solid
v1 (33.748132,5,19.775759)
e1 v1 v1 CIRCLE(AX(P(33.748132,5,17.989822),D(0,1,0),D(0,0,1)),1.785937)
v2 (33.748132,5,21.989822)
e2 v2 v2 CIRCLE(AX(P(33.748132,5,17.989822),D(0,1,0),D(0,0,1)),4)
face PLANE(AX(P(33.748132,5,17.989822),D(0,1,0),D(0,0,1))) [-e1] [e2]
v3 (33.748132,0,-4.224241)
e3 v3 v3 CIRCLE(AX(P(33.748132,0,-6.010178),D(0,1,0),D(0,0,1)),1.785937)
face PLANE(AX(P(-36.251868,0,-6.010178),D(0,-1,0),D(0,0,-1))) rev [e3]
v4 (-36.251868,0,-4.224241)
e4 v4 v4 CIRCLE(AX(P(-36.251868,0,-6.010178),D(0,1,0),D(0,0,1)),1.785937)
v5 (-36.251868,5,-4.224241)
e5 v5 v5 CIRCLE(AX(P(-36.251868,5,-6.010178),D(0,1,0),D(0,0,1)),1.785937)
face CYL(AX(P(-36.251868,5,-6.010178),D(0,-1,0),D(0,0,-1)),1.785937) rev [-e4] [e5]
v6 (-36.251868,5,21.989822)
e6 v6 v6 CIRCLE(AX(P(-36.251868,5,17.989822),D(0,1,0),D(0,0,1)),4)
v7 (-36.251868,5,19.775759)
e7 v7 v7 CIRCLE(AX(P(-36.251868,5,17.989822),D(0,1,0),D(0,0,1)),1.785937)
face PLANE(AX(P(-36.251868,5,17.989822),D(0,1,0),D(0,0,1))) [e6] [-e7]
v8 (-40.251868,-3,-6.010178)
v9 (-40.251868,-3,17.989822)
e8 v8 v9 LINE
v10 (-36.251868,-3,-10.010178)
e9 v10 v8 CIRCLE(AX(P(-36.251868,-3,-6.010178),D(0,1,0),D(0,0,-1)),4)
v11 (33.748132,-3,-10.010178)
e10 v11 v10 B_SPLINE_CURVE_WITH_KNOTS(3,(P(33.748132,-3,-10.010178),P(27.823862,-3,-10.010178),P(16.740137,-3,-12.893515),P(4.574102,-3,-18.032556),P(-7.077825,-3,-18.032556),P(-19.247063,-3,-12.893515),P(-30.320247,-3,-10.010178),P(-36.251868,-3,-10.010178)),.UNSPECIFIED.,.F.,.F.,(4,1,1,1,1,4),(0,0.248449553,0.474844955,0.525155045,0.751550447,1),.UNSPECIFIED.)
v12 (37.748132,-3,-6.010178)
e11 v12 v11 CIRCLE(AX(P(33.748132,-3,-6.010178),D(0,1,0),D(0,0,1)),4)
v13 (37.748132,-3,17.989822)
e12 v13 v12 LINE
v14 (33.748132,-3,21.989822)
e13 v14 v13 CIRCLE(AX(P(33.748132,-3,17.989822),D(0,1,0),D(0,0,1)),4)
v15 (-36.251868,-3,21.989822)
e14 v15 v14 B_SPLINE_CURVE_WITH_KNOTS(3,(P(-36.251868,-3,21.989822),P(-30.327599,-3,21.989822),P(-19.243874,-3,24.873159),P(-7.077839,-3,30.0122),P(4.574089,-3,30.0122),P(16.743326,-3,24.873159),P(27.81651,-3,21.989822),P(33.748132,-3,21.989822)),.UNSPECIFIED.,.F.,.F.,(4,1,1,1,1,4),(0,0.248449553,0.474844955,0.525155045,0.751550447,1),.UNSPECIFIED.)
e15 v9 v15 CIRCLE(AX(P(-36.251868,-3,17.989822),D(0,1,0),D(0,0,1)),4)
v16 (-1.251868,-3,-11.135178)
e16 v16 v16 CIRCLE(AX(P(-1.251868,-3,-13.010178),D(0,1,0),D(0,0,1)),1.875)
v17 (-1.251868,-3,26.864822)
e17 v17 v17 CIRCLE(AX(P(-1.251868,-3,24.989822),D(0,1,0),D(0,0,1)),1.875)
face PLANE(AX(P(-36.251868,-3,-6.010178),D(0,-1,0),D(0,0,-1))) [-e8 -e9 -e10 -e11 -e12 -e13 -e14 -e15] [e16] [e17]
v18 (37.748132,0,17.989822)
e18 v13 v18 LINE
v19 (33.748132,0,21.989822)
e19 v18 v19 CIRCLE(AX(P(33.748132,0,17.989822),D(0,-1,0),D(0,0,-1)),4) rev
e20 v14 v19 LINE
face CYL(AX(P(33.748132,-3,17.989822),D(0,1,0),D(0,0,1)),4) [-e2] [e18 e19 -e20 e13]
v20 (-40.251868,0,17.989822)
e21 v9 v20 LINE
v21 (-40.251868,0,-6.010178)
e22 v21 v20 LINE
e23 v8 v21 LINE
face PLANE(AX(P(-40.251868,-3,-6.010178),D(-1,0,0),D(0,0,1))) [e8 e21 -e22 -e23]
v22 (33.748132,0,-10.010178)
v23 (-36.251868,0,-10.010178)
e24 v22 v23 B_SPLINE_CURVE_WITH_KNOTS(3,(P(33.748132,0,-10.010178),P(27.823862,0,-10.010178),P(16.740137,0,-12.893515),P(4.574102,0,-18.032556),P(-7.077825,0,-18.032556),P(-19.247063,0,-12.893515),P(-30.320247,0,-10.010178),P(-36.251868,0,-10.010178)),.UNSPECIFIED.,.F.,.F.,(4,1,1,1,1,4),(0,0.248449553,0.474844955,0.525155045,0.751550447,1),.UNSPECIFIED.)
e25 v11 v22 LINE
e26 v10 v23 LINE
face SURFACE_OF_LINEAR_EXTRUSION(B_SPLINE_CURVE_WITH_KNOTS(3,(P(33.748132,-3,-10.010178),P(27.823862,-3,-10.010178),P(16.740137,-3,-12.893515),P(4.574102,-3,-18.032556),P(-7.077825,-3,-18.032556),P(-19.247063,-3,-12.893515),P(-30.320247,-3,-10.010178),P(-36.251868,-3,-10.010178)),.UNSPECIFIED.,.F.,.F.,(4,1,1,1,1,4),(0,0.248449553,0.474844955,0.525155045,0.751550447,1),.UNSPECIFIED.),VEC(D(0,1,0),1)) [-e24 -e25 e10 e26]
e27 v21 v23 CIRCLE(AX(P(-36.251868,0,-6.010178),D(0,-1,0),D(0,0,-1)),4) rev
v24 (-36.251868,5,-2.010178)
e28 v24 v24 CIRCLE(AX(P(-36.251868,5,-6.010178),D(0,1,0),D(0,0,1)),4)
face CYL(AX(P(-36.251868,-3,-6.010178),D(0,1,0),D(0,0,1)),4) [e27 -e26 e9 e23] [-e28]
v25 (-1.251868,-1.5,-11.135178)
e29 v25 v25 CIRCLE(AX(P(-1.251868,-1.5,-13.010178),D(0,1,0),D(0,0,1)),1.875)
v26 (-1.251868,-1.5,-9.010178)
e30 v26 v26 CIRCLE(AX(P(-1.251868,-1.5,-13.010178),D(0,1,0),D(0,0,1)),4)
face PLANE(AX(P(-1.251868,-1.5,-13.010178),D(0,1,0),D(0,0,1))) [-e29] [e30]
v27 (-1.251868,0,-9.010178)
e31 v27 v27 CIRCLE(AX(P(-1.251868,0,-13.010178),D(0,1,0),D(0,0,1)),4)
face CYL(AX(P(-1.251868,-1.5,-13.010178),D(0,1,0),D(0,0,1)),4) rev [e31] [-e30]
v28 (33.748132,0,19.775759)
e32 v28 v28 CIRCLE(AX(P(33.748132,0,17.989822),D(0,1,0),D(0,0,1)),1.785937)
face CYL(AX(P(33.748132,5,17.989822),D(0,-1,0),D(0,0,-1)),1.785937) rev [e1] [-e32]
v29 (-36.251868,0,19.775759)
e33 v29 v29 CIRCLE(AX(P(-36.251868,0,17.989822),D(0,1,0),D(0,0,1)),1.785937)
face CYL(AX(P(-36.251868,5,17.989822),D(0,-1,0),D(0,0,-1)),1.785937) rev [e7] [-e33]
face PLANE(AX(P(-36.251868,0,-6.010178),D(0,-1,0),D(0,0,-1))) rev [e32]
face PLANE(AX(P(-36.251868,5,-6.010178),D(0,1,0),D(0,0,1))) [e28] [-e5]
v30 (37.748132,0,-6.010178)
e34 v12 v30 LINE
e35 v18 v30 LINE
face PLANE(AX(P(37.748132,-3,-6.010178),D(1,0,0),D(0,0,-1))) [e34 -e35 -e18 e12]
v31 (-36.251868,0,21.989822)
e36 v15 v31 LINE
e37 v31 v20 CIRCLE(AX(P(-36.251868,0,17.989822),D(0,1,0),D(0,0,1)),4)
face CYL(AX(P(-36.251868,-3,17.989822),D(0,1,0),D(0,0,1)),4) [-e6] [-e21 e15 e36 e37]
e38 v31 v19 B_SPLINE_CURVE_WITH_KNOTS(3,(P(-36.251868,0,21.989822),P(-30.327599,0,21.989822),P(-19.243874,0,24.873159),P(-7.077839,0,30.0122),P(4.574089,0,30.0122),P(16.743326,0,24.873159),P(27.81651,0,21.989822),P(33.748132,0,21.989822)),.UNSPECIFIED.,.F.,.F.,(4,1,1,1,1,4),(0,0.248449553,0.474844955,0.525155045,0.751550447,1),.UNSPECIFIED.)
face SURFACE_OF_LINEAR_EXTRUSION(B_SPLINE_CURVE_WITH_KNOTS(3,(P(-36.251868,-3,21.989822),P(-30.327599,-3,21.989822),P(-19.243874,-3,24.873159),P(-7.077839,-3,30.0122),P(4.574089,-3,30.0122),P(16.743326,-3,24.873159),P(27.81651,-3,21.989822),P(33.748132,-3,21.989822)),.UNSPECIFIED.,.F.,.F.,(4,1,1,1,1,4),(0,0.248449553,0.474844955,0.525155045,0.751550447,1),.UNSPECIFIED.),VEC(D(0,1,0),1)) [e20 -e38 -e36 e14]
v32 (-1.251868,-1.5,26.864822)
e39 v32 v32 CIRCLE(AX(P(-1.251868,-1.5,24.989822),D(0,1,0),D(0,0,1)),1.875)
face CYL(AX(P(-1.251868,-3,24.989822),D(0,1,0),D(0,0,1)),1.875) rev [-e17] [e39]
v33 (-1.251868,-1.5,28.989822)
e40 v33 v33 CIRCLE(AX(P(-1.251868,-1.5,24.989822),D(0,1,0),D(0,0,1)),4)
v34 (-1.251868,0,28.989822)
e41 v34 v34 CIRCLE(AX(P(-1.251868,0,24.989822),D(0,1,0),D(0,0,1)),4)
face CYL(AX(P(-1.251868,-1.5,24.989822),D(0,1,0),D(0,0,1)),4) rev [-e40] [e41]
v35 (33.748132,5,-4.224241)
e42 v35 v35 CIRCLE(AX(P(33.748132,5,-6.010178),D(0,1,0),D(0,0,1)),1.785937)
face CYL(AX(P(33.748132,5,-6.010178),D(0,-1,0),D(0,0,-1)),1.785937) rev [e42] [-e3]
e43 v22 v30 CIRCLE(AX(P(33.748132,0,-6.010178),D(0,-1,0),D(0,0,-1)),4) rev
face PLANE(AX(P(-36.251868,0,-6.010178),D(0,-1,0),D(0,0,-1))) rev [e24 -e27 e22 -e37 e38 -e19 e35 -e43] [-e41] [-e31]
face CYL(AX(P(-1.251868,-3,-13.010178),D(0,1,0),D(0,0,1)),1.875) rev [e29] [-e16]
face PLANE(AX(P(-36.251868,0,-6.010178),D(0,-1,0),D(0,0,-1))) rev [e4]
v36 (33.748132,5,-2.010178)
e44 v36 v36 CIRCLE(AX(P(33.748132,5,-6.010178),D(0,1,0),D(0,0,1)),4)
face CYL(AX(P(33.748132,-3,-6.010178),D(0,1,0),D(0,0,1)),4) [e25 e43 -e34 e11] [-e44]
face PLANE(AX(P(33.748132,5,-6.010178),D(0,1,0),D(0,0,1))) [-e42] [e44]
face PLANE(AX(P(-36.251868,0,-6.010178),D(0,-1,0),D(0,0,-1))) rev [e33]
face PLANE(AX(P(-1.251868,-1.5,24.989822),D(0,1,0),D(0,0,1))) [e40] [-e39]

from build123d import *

# Parameters (mm, degrees)
BOSS_EXTRUDE3_DEPTH = 3
SKETCH13_R          = 4
SKETCH13_R_2        = 1.7859375
BOSS_EXTRUDE4_DEPTH = 5
SKETCH14_R          = 4
CUT_EXTRUDE8_DEPTH  = 1.5
SKETCH15_R          = 1.875
CUT_EXTRUDE9_DEPTH  = 4.0000001


with BuildPart() as part:
    # Sketch11 → Boss-Extrude3 (new body)
    with BuildSketch(Plane(origin=(0, 0, 0), x_dir=(1, 0, 0), z_dir=(0, 1, 0))):
        with BuildLine():
            Line((37.748131547, 6.010178191), (37.748131547, -17.989821809))
            ThreePointArc((37.748131547, -17.989821809), (36.576558672, -20.818248934), (33.748131547, -21.989821809))
            add(Edge.make_bspline(
                [(-36.251868453, -21.989821809), (-30.327598806, -21.989821809), (-19.243874055, -24.873158899), (-7.077839403, -30.012200103), (4.574088551, -30.012200103), (16.743326023, -24.873158899), (27.816510145, -21.989821809), (33.748131547, -21.989821809)],
                knots=[0, 0, 0, 0, 0.248449553, 0.474844955, 0.525155045, 0.751550447, 1, 1, 1, 1], degree=3))
            ThreePointArc((-36.251868453, -21.989821809), (-39.080295577, -20.818248934), (-40.251868453, -17.989821809))
            Line((-40.251868453, -17.989821809), (-40.251868453, 6.010178191))
            ThreePointArc((-40.251868453, 6.010178191), (-39.080295577, 8.838605316), (-36.251868453, 10.010178191))
            add(Edge.make_bspline(
                [(-36.251868453, 10.010178191), (-30.320247051, 10.010178191), (-19.247062928, 12.893515281), (-7.077825456, 18.032556484), (4.574102497, 18.032556484), (16.74013715, 12.893515281), (27.8238619, 10.010178191), (33.748131547, 10.010178191)],
                knots=[0, 0, 0, 0, 0.248449553, 0.474844955, 0.525155045, 0.751550447, 1, 1, 1, 1], degree=3))
            ThreePointArc((33.748131547, 10.010178191), (36.576558672, 8.838605316), (37.748131547, 6.010178191))
        make_face()
    extrude(amount=-BOSS_EXTRUDE3_DEPTH)

    # Sketch13 → Boss-Extrude4 (add)
    with BuildSketch(Plane(origin=(0, 0, 0), x_dir=(1, 0, 0), z_dir=(0, 1, 0))):
        with Locations(Location((-36.251868453, -17.989821809, 0), (0, 0, 270))):  # turned: the seam where the file's is
            Circle(SKETCH13_R)
        with Locations(Location((-36.251868453, -17.989821809, 0), (0, 0, 270))):  # turned: the seam where the file's is
            Circle(SKETCH13_R_2, mode=Mode.SUBTRACT)
        with Locations(Location((-36.251868453, 6.010178191, 0), (0, 0, 270))):  # turned: the seam where the file's is
            Circle(SKETCH13_R)
        with Locations(Location((-36.251868453, 6.010178191, 0), (0, 0, 270))):  # turned: the seam where the file's is
            Circle(SKETCH13_R_2, mode=Mode.SUBTRACT)
        with Locations(Location((33.748131547, 6.010178191, 0), (0, 0, 270))):  # turned: the seam where the file's is
            Circle(SKETCH13_R)
        with Locations(Location((33.748131547, 6.010178191, 0), (0, 0, 270))):  # turned: the seam where the file's is
            Circle(SKETCH13_R_2, mode=Mode.SUBTRACT)
        with Locations(Location((33.748131547, -17.989821809, 0), (0, 0, 270))):  # turned: the seam where the file's is
            Circle(SKETCH13_R)
        with Locations(Location((33.748131547, -17.989821809, 0), (0, 0, 270))):  # turned: the seam where the file's is
            Circle(SKETCH13_R_2, mode=Mode.SUBTRACT)
    extrude(amount=BOSS_EXTRUDE4_DEPTH)

    # Sketch14 → Cut-Extrude8 (cut)
    with BuildSketch(Plane(origin=(0, 0, 0), x_dir=(1, 0, 0), z_dir=(0, 1, 0))):
        with Locations(Location((-1.251868453, 13.010178191, 0), (0, 0, 270))):  # turned: the seam where the file's is
            Circle(SKETCH14_R)
        with Locations(Location((-1.251868453, -24.989821809, 0), (0, 0, 270))):  # turned: the seam where the file's is
            Circle(SKETCH14_R)
    extrude(amount=-CUT_EXTRUDE8_DEPTH, mode=Mode.SUBTRACT)

    # Sketch15 → Cut-Extrude9 (cut, through all)
    with BuildSketch(Plane(origin=(0, 0, 0), x_dir=(1, 0, 0), z_dir=(0, 1, 0))):
        with Locations(Location((-1.251868453, -24.989821809, 0), (0, 0, 270))):  # turned: the seam where the file's is
            Circle(SKETCH15_R)
        with Locations(Location((-1.251868453, 13.010178191, 0), (0, 0, 270))):  # turned: the seam where the file's is
            Circle(SKETCH15_R)
    extrude(amount=-CUT_EXTRUDE9_DEPTH, mode=Mode.SUBTRACT)


solid = part.part
